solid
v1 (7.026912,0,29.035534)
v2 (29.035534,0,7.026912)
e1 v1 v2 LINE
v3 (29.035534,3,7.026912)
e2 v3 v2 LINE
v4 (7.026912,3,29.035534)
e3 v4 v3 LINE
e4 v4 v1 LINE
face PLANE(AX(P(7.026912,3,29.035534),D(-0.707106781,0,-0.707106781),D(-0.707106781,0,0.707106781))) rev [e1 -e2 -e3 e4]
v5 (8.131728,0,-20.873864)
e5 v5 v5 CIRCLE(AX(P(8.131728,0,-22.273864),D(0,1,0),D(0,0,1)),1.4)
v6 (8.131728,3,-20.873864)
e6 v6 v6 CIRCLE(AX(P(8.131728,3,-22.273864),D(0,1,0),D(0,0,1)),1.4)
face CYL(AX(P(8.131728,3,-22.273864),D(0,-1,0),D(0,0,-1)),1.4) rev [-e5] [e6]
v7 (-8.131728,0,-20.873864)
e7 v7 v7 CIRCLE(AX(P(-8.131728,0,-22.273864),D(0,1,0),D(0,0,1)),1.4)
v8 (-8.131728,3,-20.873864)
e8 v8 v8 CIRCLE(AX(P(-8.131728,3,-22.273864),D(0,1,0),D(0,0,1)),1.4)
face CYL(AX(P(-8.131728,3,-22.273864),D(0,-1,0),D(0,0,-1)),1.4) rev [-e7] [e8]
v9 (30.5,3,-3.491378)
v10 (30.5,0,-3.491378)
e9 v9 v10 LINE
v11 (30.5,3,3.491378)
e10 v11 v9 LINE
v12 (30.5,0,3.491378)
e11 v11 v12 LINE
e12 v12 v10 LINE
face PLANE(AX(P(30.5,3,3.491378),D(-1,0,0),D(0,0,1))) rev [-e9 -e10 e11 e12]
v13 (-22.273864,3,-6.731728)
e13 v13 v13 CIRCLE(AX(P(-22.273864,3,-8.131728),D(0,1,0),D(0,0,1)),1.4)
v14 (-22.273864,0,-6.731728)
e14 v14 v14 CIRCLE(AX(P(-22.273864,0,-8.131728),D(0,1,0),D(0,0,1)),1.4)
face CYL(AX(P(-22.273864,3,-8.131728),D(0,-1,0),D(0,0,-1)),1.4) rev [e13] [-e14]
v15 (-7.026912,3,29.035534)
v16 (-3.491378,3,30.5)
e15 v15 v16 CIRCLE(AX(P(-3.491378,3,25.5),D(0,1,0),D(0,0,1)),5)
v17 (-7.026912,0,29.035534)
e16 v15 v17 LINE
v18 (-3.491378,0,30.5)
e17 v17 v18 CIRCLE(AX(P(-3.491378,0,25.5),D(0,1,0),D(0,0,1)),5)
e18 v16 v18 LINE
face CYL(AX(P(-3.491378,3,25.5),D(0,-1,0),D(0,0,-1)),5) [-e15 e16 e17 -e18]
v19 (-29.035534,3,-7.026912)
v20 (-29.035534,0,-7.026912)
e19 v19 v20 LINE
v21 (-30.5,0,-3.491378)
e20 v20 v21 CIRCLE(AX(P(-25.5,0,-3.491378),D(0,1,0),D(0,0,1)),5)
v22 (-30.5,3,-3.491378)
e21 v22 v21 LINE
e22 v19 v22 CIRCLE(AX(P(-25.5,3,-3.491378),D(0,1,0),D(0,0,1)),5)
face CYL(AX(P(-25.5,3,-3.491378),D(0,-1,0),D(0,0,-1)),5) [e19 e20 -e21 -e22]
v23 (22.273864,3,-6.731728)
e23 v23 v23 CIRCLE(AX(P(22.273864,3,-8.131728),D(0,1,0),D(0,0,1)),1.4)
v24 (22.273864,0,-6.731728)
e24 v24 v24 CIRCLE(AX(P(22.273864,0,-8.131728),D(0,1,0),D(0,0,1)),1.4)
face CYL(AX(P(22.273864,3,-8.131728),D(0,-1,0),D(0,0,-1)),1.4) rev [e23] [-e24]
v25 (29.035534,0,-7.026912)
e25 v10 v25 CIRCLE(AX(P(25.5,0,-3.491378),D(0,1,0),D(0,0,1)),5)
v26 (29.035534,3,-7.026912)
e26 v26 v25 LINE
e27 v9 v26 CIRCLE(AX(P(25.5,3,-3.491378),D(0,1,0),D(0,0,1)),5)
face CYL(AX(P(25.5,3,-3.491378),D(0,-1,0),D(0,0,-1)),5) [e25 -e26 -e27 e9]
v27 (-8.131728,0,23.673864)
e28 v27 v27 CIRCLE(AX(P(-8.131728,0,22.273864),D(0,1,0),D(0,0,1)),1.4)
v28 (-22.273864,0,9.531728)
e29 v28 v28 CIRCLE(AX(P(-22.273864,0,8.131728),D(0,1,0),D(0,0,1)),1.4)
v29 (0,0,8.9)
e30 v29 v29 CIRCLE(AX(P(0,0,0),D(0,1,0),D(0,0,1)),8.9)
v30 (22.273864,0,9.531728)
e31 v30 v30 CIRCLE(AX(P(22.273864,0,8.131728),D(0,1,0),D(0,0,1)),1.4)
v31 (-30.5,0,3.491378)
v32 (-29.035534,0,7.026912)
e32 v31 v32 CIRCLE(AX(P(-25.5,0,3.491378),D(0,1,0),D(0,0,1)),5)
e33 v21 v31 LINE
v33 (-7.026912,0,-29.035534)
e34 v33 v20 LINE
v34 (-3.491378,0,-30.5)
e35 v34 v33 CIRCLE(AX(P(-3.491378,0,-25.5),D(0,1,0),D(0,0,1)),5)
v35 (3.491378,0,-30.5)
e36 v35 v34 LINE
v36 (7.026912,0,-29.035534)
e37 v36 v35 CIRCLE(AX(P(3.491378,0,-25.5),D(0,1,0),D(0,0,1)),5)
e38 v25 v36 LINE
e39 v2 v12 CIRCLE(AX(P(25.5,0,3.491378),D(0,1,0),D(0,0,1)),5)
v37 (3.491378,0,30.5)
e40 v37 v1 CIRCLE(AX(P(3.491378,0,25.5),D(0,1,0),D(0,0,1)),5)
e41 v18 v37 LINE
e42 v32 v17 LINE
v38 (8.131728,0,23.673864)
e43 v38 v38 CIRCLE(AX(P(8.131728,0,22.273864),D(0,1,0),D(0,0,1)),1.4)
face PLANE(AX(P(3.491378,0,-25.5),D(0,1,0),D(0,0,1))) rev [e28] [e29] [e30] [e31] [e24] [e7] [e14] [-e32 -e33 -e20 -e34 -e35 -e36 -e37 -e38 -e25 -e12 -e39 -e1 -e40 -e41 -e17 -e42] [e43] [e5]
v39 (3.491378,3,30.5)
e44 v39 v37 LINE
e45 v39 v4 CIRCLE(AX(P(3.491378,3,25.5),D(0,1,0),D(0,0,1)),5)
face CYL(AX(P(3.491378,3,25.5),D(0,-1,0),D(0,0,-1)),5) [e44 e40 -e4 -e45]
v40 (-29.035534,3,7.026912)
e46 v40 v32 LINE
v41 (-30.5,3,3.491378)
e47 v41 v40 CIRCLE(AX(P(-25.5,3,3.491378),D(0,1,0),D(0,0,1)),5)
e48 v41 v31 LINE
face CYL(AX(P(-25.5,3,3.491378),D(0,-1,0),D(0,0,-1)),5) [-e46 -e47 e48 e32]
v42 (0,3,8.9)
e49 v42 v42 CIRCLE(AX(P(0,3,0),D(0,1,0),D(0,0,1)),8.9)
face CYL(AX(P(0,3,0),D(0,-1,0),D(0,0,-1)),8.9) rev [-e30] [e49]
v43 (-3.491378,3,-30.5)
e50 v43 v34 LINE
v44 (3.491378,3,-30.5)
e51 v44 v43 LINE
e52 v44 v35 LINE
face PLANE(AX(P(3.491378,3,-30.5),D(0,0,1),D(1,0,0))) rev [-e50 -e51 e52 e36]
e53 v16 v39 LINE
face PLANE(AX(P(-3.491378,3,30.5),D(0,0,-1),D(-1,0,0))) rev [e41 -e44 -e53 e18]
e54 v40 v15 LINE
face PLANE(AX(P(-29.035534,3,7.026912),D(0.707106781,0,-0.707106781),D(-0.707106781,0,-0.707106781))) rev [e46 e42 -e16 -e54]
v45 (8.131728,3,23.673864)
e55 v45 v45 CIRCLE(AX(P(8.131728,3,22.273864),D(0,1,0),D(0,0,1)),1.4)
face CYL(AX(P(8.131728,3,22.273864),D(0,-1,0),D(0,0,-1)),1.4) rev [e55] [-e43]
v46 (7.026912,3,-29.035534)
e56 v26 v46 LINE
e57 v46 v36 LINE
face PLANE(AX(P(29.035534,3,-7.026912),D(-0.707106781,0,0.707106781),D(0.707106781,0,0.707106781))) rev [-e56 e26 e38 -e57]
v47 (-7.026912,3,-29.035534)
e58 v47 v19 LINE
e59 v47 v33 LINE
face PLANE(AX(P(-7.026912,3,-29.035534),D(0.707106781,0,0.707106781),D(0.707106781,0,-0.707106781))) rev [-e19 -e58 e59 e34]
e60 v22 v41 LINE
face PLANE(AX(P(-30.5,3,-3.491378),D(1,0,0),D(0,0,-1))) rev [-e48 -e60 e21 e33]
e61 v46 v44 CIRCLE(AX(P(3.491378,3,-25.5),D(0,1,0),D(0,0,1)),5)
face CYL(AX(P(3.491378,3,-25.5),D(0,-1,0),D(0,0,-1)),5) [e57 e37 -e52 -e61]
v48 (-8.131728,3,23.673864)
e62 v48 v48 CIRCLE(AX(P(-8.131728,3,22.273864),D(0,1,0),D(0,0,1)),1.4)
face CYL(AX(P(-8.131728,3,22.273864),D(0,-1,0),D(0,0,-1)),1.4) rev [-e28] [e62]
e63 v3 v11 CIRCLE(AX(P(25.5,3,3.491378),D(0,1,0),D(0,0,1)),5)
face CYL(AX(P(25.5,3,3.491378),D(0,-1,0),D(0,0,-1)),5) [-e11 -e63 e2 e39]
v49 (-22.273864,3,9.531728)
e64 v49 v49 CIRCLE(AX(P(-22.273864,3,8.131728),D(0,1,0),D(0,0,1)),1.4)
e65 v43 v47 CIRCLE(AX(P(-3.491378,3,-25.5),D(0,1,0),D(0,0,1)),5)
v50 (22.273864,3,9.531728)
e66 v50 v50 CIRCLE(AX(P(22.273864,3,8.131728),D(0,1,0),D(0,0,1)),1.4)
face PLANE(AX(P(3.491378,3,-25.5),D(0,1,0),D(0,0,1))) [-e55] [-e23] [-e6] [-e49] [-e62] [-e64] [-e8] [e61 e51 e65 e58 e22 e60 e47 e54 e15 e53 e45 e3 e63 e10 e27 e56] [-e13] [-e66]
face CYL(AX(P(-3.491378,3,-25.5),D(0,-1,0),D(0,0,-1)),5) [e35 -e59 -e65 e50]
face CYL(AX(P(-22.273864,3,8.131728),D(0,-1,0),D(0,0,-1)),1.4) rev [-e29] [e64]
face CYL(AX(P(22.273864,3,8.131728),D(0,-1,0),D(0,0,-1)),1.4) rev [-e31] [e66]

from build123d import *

# Parameters (mm, degrees)
SKETCH1_R           = 8.9
SKETCH1_R_2         = 1.4
BOSS_EXTRUDE1_DEPTH = 3


with BuildPart() as part:
    # Sketch1 → Boss-Extrude1 (new body)
    with BuildSketch(Plane(origin=(0, 0, 0), x_dir=(1, 0, 0), z_dir=(0, 1, 0))):
        with BuildLine():
            Line((3.491378029, 30.5), (-3.491378029, 30.5))
            ThreePointArc((-3.491378029, 30.5), (-5.40479519, 30.119397663), (-7.026911935, 29.035533906))
            Line((-7.026911935, 29.035533906), (-29.035533906, 7.026911935))
            ThreePointArc((-29.035533906, 7.026911935), (-30.119397663, 5.40479519), (-30.5, 3.491378029))
            Line((-30.5, 3.491378029), (-30.5, -3.491378029))
            ThreePointArc((-30.5, -3.491378029), (-30.119397663, -5.40479519), (-29.035533906, -7.026911935))
            Line((-29.035533906, -7.026911935), (-7.026911935, -29.035533906))
            ThreePointArc((-7.026911935, -29.035533906), (-5.40479519, -30.119397663), (-3.491378029, -30.5))
            Line((-3.491378029, -30.5), (3.491378029, -30.5))
            ThreePointArc((3.491378029, -30.5), (5.40479519, -30.119397663), (7.026911935, -29.035533906))
            Line((7.026911935, -29.035533906), (29.035533906, -7.026911935))
            ThreePointArc((29.035533906, -7.026911935), (30.119397663, -5.40479519), (30.5, -3.491378029))
            Line((30.5, -3.491378029), (30.5, 3.491378029))
            ThreePointArc((30.5, 3.491378029), (30.119397663, 5.40479519), (29.035533906, 7.026911935))
            Line((29.035533906, 7.026911935), (7.026911935, 29.035533906))
            ThreePointArc((7.026911935, 29.035533906), (5.40479519, 30.119397663), (3.491378029, 30.5))
        make_face()
        Circle(SKETCH1_R, mode=Mode.SUBTRACT)
        with Locations((8.131727984, -22.273863607)):
            Circle(SKETCH1_R_2, mode=Mode.SUBTRACT)
        with Locations((-8.131727984, -22.273863607)):
            Circle(SKETCH1_R_2, mode=Mode.SUBTRACT)
        with Locations((-22.273863607, -8.131727984)):
            Circle(SKETCH1_R_2, mode=Mode.SUBTRACT)
        with Locations((22.273863607, -8.131727984)):
            Circle(SKETCH1_R_2, mode=Mode.SUBTRACT)
        with Locations((22.273863607, 8.131727984)):
            Circle(SKETCH1_R_2, mode=Mode.SUBTRACT)
        with Locations((8.131727984, 22.273863607)):
            Circle(SKETCH1_R_2, mode=Mode.SUBTRACT)
        with Locations((-8.131727984, 22.273863607)):
            Circle(SKETCH1_R_2, mode=Mode.SUBTRACT)
        with Locations((-22.273863607, 8.131727984)):
            Circle(SKETCH1_R_2, mode=Mode.SUBTRACT)
    extrude(amount=BOSS_EXTRUDE1_DEPTH)


solid = part.part
